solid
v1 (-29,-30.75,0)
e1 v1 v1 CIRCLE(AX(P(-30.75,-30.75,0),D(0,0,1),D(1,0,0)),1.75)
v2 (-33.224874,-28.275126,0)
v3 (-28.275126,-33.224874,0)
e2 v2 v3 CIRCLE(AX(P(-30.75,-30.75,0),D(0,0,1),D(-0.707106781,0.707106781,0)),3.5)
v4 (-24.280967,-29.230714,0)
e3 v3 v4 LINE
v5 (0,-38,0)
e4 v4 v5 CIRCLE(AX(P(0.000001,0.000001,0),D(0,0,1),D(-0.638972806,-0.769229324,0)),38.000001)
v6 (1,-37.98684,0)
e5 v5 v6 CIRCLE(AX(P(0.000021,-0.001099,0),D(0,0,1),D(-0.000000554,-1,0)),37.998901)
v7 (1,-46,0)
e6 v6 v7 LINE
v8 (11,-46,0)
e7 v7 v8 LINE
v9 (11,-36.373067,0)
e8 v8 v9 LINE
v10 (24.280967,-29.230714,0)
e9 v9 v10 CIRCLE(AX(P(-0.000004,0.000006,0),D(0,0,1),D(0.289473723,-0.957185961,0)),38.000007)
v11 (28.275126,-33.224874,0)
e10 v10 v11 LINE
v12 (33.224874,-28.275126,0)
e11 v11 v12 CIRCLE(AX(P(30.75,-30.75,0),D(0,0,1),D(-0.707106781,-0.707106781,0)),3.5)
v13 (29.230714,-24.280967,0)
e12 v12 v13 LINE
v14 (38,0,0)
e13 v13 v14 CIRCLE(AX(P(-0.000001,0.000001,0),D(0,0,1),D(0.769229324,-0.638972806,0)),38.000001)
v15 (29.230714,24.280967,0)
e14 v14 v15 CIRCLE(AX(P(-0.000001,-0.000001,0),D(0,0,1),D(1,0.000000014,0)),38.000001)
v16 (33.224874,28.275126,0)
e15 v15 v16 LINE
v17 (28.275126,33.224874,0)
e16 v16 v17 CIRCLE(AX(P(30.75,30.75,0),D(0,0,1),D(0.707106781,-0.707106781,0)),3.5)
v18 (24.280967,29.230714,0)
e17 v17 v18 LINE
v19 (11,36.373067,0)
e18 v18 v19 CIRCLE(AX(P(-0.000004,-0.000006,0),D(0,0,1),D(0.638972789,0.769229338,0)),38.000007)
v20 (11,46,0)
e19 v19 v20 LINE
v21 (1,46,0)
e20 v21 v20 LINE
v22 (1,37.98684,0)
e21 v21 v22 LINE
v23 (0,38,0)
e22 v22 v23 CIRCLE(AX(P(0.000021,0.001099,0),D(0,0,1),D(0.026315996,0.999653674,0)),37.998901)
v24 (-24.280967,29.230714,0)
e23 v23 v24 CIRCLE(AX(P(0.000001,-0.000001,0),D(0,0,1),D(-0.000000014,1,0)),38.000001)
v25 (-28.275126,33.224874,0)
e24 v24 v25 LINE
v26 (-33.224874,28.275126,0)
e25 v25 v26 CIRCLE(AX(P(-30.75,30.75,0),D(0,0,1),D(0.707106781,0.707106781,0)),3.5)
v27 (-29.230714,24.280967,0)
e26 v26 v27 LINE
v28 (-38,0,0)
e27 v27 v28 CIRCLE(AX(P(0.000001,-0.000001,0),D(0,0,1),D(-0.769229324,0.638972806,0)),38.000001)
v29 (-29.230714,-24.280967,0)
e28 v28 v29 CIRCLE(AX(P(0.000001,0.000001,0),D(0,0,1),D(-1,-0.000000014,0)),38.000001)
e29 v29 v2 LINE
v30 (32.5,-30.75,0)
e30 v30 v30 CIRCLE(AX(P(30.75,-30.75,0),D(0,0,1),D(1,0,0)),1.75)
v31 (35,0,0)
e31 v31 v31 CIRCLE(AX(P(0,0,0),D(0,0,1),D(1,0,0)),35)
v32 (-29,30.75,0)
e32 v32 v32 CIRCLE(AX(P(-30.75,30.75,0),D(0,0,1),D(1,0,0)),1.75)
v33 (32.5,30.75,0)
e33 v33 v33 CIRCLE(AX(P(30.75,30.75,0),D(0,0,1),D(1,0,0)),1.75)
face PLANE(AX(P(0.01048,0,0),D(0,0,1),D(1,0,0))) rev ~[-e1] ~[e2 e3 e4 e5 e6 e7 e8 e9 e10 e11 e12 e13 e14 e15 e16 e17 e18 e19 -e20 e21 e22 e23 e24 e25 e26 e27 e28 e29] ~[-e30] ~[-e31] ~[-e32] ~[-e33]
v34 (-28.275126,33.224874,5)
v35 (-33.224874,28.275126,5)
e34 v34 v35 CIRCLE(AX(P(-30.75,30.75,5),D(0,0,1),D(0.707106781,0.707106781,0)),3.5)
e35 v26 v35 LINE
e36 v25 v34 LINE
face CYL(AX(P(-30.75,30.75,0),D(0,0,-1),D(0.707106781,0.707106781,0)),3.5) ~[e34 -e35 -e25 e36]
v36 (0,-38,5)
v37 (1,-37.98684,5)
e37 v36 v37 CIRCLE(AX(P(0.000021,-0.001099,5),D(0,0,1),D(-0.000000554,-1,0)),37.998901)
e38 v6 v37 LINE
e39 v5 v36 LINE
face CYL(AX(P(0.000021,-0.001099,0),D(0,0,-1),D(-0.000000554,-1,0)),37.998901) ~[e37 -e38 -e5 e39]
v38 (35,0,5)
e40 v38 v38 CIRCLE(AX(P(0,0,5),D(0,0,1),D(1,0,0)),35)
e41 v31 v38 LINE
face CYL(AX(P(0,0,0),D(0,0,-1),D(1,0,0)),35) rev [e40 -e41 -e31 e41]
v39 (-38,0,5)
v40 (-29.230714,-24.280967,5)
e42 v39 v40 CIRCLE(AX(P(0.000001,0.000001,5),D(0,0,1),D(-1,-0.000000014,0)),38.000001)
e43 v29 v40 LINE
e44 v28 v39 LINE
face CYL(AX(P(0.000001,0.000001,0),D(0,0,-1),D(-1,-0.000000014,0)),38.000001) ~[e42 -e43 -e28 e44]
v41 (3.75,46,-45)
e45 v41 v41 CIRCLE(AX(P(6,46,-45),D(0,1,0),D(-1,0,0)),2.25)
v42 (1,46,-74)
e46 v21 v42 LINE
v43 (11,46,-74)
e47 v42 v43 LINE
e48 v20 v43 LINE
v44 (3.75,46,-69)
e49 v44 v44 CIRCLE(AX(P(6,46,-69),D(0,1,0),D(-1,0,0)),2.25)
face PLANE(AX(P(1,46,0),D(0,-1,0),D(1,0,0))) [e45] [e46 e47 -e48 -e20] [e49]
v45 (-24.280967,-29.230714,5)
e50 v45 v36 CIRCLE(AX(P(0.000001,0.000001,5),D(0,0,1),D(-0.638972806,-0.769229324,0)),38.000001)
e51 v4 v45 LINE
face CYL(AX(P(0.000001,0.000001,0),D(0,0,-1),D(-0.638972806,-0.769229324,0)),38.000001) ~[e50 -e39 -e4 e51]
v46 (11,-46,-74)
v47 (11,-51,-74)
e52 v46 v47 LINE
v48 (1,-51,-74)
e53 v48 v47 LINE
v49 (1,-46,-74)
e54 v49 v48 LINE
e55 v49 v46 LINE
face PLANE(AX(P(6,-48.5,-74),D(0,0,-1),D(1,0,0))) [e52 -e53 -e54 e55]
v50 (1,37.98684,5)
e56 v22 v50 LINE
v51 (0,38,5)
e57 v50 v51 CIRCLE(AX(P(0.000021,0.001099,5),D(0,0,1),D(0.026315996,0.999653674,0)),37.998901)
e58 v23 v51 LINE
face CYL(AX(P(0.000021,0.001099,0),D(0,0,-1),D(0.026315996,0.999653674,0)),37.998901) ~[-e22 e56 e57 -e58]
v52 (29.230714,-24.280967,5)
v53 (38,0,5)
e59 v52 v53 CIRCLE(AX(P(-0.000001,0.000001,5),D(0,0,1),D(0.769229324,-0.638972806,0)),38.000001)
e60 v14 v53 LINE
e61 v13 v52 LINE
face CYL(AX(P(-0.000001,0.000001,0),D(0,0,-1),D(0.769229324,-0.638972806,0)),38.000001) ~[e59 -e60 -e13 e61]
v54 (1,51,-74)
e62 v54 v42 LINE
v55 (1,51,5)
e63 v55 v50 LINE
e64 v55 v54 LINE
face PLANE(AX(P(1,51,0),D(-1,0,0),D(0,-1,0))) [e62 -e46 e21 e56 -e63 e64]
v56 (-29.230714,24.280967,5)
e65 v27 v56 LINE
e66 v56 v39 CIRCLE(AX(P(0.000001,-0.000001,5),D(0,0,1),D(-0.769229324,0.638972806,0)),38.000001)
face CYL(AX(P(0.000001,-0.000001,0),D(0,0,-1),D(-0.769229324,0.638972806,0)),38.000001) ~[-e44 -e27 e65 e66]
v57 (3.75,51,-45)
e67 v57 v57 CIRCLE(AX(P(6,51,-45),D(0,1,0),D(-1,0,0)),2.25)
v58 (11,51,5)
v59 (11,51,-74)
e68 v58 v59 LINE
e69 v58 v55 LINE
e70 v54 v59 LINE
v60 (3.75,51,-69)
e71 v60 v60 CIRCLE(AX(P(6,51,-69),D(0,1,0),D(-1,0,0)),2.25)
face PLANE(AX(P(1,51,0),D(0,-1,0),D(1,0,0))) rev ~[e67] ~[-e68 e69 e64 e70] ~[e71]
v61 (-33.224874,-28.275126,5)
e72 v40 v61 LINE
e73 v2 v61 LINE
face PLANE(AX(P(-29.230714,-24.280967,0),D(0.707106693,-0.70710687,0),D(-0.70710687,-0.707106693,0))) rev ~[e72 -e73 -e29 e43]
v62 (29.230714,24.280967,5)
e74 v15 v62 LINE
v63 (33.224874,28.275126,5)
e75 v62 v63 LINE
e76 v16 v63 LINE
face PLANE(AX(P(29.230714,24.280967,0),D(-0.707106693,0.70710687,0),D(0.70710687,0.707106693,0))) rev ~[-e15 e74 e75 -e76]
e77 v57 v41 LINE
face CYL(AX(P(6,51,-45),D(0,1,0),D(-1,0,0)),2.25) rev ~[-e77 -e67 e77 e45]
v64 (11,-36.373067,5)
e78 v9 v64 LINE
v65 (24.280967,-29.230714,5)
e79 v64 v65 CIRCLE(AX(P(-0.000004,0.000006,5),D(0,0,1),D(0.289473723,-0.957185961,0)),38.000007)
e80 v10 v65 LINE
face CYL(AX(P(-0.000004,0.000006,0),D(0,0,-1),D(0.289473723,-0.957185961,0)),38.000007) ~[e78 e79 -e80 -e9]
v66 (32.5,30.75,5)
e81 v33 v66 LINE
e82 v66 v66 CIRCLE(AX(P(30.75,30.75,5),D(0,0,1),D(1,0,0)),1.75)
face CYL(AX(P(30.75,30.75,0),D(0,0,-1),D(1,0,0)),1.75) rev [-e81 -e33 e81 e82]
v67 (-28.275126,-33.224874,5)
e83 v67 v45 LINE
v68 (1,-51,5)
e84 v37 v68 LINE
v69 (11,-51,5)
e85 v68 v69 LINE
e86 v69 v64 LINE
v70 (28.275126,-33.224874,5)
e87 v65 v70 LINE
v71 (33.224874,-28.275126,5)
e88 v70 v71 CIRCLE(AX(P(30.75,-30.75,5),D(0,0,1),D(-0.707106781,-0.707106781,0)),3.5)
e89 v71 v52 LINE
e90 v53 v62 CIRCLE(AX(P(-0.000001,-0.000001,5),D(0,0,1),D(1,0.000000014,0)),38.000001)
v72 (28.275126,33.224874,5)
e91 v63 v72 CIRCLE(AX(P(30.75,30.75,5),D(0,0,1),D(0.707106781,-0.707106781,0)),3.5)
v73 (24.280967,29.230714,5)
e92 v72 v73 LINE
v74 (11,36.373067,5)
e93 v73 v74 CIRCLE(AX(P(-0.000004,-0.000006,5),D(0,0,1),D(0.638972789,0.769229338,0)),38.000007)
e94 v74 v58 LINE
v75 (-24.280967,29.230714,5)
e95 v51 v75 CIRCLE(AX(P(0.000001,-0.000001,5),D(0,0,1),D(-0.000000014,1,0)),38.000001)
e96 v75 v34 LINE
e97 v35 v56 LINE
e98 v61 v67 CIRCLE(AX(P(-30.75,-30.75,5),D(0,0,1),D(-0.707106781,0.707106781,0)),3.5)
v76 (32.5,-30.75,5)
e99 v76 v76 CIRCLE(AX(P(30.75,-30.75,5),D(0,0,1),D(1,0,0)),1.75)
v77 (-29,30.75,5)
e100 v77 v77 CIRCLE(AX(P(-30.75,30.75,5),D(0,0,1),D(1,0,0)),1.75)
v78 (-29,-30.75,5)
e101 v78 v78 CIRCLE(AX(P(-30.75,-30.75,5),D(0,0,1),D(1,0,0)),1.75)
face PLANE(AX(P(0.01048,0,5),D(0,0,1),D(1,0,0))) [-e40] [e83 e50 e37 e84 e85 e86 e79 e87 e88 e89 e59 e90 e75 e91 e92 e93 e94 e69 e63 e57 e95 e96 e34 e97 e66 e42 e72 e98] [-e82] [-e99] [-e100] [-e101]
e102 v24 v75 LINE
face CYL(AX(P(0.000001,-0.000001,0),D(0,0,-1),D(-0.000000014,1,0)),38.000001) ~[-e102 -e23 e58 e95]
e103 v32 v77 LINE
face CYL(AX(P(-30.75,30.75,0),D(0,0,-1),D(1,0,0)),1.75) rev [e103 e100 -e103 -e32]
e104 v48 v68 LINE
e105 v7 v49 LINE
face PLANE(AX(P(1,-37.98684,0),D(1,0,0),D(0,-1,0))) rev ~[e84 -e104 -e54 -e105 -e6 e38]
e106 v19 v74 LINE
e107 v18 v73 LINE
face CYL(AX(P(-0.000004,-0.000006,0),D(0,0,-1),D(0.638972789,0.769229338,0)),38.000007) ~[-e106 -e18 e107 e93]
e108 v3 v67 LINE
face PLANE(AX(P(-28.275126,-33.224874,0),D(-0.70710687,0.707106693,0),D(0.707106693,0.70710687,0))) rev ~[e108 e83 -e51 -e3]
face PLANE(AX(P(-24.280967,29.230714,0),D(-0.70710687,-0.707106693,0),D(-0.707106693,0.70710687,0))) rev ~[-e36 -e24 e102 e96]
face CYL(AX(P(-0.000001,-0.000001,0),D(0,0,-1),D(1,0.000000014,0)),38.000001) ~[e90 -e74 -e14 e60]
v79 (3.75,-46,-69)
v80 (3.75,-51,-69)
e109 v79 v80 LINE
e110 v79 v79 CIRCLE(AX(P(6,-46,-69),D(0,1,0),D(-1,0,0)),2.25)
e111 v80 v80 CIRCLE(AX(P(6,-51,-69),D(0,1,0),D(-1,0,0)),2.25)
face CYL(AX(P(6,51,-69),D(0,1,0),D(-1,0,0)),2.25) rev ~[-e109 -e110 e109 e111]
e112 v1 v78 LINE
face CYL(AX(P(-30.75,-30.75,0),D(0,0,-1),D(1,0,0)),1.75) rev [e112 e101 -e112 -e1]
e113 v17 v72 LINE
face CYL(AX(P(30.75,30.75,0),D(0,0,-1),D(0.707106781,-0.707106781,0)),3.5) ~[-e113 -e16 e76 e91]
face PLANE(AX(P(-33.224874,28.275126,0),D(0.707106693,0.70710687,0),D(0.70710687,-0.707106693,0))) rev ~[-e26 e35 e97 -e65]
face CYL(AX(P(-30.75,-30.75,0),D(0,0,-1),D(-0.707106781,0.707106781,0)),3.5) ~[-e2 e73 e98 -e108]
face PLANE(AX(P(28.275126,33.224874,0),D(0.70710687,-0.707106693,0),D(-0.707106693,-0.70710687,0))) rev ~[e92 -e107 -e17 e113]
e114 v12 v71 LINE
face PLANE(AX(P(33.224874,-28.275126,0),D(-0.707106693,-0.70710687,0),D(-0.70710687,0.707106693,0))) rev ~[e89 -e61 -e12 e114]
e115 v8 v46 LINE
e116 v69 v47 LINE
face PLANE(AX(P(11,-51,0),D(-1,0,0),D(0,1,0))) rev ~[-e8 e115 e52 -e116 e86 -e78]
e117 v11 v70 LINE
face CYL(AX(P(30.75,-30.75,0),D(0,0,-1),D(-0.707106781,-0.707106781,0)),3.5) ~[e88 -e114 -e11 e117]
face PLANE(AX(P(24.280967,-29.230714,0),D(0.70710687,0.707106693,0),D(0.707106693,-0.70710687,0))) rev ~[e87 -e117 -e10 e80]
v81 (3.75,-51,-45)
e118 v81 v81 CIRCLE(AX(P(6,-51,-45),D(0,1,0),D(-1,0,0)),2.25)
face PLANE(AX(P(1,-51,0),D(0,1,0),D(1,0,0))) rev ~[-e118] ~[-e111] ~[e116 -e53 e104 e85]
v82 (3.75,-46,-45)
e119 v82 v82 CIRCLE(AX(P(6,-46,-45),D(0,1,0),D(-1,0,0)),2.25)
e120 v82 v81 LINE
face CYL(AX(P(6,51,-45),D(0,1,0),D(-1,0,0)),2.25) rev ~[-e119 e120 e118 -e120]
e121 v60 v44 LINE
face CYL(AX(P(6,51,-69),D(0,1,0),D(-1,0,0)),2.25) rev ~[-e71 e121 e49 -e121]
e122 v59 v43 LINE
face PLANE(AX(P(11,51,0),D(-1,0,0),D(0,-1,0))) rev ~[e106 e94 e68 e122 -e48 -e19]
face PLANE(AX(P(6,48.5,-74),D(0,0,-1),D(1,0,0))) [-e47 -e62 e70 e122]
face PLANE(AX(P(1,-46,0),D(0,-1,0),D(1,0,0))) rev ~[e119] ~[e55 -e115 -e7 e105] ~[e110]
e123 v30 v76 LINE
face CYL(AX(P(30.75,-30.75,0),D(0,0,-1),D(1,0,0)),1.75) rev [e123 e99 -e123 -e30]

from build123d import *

# Parameters (mm, degrees)
F0_R     = 1.75
F0_R_2   = 35
F1_DEPTH = 5
F2_W     = 10
F2_H     = 5
F3_DEPTH = 74
F4_R     = 2.25
F5_DEPTH = 102.001


with BuildPart() as f1:
    # F0 (on Top) → F1 (new body)
    with BuildSketch(Plane.XY):
        with BuildLine():
            Line((-24.280967, 29.230714), (-28.275126, 33.224874))
            ThreePointArc((-28.275126, 33.224874), (-33.224874, 33.224874), (-33.224874, 28.275126))
            Line((-33.224874, 28.275126), (-29.230714, 24.280967))
            ThreePointArc((-29.230714, 24.280967), (-35.740503, 12.907999), (-38, 0))
            ThreePointArc((-38, 0), (-35.740503, -12.907999), (-29.230714, -24.280967))
            Line((-29.230714, -24.280967), (-33.224874, -28.275126))
            ThreePointArc((-33.224874, -28.275126), (-33.224874, -33.224874), (-28.275126, -33.224874))
            Line((-28.275126, -33.224874), (-24.280967, -29.230714))
            ThreePointArc((-24.280967, -29.230714), (-12.907999, -35.740503), (0, -38))
            ThreePointArc((0, -38), (0.500043, -37.99671), (1, -37.98684))
            ThreePointArc((1, -37.98684), (6.054012, -37.51465), (11, -36.373067))
            ThreePointArc((11, -36.373067), (17.998332, -33.467298), (24.280967, -29.230714))
            Line((24.280967, -29.230714), (28.275126, -33.224874))
            ThreePointArc((28.275126, -33.224874), (33.224874, -33.224874), (33.224874, -28.275126))
            Line((33.224874, -28.275126), (29.230714, -24.280967))
            ThreePointArc((29.230714, -24.280967), (35.740503, -12.907999), (38, 0))
            ThreePointArc((38, 0), (35.740503, 12.907999), (29.230714, 24.280967))
            Line((29.230714, 24.280967), (33.224874, 28.275126))
            ThreePointArc((33.224874, 28.275126), (33.224874, 33.224874), (28.275126, 33.224874))
            Line((28.275126, 33.224874), (24.280967, 29.230714))
            ThreePointArc((24.280967, 29.230714), (17.998332, 33.467298), (11, 36.373067))
            ThreePointArc((11, 36.373067), (6.054012, 37.51465), (1, 37.98684))
            ThreePointArc((1, 37.98684), (0.500043, 37.99671), (0, 38))
            ThreePointArc((0, 38), (-12.907999, 35.740503), (-24.280967, 29.230714))
        make_face()
        with Locations((-30.75, -30.75)):
            Circle(F0_R, mode=Mode.SUBTRACT)
        with Locations((30.75, -30.75)):
            Circle(F0_R, mode=Mode.SUBTRACT)
        with Locations((-30.75, 30.75)):
            Circle(F0_R, mode=Mode.SUBTRACT)
        Circle(F0_R_2, mode=Mode.SUBTRACT)
        with Locations((30.75, 30.75)):
            Circle(F0_R, mode=Mode.SUBTRACT)
        with BuildLine():
            Line((1, 51), (1, 37.98684))
            ThreePointArc((1, 37.98684), (6.054012, 37.51465), (11, 36.373067))
            Line((11, 36.373067), (11, 51))
            Line((11, 51), (1, 51))
        make_face()
        with BuildLine():
            ThreePointArc((11, -36.373067), (6.054012, -37.51465), (1, -37.98684))
            Line((1, -37.98684), (1, -51))
            Line((1, -51), (11, -51))
            Line((11, -51), (11, -36.373067))
        make_face()
    extrude(amount=F1_DEPTH)

    # F2 (on face) → F3 (join)
    with BuildSketch(Plane(origin=(0, 0, 0), x_dir=(1, 0, 0), z_dir=(0, 0, -1))):
        with Locations((6, -48.5)):
            Rectangle(F2_W, F2_H)
        with Locations((6, 48.5)):
            Rectangle(F2_W, F2_H)
    extrude(amount=F3_DEPTH)

    # F4 (on face) → F5 (cut, through all)
    with BuildSketch(Plane(origin=(0, 51, 0), x_dir=(-1, 0, 0), z_dir=(0, 1, 0))):
        with Locations((-6, -69)):
            Circle(F4_R)
        with Locations((-6, -45)):
            Circle(F4_R)
    extrude(amount=-F5_DEPTH, mode=Mode.SUBTRACT)


solid = f1.part
